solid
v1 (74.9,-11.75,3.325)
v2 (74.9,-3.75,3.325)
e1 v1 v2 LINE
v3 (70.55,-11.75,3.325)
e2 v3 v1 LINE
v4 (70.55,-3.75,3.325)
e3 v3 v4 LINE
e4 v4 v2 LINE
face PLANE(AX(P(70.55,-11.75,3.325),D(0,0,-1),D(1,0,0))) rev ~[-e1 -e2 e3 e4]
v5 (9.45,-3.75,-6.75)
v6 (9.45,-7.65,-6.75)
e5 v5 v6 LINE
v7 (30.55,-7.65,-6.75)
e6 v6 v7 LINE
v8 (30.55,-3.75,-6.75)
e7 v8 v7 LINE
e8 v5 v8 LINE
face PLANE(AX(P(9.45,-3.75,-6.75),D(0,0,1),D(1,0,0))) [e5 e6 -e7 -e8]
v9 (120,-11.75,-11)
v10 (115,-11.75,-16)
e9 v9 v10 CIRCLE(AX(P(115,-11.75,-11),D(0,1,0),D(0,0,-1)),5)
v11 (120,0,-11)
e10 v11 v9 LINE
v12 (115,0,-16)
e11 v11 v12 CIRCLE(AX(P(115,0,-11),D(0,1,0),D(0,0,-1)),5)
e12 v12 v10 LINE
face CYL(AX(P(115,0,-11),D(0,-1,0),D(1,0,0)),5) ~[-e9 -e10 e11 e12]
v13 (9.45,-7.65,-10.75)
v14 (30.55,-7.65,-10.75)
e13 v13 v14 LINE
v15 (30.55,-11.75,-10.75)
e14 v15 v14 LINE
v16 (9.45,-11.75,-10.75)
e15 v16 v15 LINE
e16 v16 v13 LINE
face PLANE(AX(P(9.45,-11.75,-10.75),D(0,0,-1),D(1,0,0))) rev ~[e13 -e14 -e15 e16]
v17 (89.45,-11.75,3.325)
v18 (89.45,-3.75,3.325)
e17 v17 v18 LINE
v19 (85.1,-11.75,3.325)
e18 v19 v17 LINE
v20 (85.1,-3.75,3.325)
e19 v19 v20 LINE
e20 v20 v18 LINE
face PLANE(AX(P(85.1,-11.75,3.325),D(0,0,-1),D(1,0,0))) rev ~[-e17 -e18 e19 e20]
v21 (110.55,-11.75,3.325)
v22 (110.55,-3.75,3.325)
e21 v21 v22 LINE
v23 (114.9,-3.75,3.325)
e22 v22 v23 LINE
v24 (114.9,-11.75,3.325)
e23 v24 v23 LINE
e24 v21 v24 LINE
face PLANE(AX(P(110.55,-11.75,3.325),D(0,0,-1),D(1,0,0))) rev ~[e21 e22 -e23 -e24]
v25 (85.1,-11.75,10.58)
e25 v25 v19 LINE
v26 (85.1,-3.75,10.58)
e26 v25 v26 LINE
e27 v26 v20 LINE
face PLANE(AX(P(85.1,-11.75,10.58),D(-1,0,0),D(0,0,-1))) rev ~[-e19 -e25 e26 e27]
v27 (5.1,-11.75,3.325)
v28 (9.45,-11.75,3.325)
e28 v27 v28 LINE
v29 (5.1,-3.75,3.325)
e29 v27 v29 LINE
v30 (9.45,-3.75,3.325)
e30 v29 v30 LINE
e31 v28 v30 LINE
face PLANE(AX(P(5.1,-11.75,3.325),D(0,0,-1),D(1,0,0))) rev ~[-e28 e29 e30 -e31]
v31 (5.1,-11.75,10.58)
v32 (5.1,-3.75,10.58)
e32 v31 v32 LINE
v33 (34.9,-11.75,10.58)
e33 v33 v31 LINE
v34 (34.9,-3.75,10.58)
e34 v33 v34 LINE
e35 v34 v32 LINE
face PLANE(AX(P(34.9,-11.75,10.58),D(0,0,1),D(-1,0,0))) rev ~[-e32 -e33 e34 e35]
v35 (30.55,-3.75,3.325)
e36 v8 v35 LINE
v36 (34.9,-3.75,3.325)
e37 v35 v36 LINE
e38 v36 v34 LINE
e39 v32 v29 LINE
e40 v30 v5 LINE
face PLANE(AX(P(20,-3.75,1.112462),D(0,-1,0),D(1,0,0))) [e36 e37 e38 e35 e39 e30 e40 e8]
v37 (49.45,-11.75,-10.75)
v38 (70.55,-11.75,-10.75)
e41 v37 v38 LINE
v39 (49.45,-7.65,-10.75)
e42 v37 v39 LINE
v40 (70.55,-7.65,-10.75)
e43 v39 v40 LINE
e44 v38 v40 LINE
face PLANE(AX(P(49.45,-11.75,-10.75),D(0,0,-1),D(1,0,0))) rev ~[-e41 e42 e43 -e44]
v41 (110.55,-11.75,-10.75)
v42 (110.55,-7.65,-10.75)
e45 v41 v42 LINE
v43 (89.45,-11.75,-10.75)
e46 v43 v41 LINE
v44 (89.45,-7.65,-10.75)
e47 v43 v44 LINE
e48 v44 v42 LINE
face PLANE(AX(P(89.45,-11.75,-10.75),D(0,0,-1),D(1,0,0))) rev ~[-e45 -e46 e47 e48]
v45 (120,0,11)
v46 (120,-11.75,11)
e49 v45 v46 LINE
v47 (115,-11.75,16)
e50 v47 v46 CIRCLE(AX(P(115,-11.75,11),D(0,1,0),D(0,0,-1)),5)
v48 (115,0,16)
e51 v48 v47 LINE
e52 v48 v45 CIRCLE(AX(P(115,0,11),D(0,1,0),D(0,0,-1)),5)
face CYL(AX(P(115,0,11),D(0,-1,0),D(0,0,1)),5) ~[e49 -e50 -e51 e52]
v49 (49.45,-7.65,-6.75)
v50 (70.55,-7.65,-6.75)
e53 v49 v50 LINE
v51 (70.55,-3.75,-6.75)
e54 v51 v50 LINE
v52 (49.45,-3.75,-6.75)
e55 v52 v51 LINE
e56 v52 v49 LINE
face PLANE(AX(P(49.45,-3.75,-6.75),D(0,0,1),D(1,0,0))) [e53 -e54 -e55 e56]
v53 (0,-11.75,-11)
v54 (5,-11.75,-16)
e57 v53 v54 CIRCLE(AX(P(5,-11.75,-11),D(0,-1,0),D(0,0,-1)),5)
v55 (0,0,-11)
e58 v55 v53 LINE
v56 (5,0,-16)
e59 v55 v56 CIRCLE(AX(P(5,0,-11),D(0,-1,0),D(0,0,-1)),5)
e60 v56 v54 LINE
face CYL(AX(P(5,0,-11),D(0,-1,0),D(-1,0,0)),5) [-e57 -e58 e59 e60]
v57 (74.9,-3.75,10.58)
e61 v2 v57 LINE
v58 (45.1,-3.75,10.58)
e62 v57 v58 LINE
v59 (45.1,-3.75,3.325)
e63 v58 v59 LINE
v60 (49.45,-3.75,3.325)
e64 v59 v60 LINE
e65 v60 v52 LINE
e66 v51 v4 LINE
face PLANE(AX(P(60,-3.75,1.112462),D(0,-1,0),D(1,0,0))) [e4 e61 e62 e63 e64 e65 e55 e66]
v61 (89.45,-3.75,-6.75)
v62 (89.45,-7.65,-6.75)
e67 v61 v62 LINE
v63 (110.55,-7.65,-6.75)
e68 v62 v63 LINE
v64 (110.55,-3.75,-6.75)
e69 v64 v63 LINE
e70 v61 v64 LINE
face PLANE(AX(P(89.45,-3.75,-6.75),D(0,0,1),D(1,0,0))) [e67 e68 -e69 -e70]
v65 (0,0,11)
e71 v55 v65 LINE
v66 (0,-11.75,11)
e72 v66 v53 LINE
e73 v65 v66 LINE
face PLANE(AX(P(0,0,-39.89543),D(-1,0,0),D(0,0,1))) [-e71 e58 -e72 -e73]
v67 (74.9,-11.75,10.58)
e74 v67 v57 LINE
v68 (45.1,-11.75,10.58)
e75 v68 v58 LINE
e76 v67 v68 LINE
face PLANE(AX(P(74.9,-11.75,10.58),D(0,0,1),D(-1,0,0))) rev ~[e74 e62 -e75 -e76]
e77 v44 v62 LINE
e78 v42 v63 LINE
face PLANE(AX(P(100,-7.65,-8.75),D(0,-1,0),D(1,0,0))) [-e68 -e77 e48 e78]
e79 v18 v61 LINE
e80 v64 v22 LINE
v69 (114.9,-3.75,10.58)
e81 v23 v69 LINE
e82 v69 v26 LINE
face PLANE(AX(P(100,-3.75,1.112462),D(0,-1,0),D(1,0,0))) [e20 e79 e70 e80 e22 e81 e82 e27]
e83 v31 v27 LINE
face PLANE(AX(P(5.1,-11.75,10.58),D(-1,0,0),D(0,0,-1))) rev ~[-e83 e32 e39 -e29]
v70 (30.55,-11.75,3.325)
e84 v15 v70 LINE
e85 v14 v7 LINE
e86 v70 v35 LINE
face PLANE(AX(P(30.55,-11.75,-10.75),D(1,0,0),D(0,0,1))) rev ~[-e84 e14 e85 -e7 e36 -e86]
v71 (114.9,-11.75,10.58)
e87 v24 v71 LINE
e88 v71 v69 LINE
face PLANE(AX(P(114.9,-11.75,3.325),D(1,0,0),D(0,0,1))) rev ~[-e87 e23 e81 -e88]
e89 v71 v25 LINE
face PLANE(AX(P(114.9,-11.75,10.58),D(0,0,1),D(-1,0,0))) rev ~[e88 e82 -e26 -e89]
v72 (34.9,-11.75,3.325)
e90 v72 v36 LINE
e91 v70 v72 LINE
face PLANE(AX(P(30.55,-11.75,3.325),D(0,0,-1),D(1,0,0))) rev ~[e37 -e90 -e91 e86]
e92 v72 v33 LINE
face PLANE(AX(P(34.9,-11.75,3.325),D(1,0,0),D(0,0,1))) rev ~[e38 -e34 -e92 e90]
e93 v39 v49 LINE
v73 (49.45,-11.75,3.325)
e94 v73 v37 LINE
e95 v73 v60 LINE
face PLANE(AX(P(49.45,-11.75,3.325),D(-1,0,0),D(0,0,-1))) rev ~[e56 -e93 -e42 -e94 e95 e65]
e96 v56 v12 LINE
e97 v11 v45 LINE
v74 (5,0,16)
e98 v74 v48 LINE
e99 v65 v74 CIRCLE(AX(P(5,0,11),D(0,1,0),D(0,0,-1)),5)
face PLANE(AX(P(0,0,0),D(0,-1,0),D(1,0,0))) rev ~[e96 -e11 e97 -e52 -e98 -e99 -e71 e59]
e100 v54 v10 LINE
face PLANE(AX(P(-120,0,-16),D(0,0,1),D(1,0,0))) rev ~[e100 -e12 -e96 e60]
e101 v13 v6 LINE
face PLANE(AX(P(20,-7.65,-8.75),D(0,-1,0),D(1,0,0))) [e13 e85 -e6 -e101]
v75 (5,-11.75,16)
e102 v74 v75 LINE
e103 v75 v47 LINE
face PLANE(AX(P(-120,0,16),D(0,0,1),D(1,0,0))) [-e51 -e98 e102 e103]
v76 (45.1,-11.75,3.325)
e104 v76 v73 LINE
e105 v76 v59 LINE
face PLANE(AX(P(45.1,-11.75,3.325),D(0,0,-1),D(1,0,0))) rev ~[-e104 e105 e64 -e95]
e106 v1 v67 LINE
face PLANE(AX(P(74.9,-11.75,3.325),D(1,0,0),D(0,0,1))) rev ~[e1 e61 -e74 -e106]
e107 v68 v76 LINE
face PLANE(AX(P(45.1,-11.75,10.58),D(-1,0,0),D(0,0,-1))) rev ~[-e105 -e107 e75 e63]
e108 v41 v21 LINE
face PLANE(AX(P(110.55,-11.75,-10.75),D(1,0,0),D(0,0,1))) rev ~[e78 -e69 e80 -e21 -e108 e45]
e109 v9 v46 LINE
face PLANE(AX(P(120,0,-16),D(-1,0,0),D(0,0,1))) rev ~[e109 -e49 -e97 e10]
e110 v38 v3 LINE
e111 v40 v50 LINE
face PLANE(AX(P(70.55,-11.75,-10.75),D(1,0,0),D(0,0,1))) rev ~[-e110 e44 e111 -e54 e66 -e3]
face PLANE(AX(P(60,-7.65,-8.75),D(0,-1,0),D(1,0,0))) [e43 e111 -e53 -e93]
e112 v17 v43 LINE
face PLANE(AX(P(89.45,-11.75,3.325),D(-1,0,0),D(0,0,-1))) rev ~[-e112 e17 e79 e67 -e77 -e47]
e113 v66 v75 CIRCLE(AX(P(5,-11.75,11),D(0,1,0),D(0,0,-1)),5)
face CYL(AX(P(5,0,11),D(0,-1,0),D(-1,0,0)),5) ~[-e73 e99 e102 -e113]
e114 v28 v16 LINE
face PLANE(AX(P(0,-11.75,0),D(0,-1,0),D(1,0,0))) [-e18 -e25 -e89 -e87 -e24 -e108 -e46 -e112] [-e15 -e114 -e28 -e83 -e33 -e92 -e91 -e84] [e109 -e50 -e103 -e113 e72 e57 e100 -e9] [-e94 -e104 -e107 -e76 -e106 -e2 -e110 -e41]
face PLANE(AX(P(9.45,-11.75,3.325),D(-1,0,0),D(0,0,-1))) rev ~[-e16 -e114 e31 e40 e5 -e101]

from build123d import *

# Parameters (mm, degrees)
F0_W     = 240
F0_H     = 32
F1_DEPTH = 11.75
F4_DEPTH = 8
F5_W     = 21.1
F5_H     = 4
F6_DEPTH = 3.9
F7_W     = 130
F7_H     = 80
F8_DEPTH = 30
F9_R     = 5


with BuildPart() as f1:
    # F0 (on Front) → F1 (new body)
    with BuildSketch(Plane.XZ):
        Rectangle(F0_W, F0_H)
    extrude(amount=F1_DEPTH)

    # F3 (on face) → F4 (cut)
    with BuildSketch(Plane.XZ.offset(11.75)):
        Polygon((114.9, 10.58), (85.1, 10.58), (85.1, 3.325), (89.45, 3.325), (89.45, -10.75), (110.55, -10.75), (110.55, 3.325), (114.9, 3.325), align=None)
        Polygon((74.9, 10.58), (45.1, 10.58), (45.1, 3.325), (49.45, 3.325), (49.45, -10.75), (70.55, -10.75), (70.55, 3.325), (74.9, 3.325), align=None)
        Polygon((34.9, 10.58), (5.1, 10.58), (5.1, 3.325), (9.45, 3.325), (9.45, -10.75), (30.55, -10.75), (30.55, 3.325), (34.9, 3.325), align=None)
        Polygon((-5.1, 10.58), (-34.9, 10.58), (-34.9, 3.325), (-30.55, 3.325), (-30.55, -10.75), (-9.45, -10.75), (-9.45, 3.325), (-5.1, 3.325), align=None)
        Polygon((-45.1, 10.58), (-74.9, 10.58), (-74.9, 3.325), (-70.55, 3.325), (-70.55, -10.75), (-49.45, -10.75), (-49.45, 3.325), (-45.1, 3.325), align=None)
        Polygon((-85.1, 10.58), (-114.9, 10.58), (-114.9, 3.325), (-110.55, 3.325), (-110.55, -10.75), (-89.45, -10.75), (-89.45, 3.325), (-85.1, 3.325), align=None)
    extrude(amount=-F4_DEPTH, mode=Mode.SUBTRACT)

    # F5 (on face) → F6 (join)
    with BuildSketch(Plane.XZ.offset(3.75)):
        with Locations((100, -8.75)):
            Rectangle(F5_W, F5_H)
        with Locations((60, -8.75)):
            Rectangle(F5_W, F5_H)
        with Locations((20, -8.75)):
            Rectangle(F5_W, F5_H)
        with Locations((-20, -8.75)):
            Rectangle(F5_W, F5_H)
        with Locations((-60, -8.75)):
            Rectangle(F5_W, F5_H)
        with Locations((-100, -8.75)):
            Rectangle(F5_W, F5_H)
    extrude(amount=F6_DEPTH)

    # F7 (on Front) → F8 (cut)
    with BuildSketch(Plane.XZ):
        with Locations((-65, 0.10457)):
            Rectangle(F7_W, F7_H)
    extrude(amount=F8_DEPTH, mode=Mode.SUBTRACT)

    # F9
    f9_edges = [f1.edges().sort_by_distance(p)[0] for p in [
        (120, -5.875, -16),
        (120, -5.875, 16),
        (0, -5.875, -16),
        (0, -5.875, 16),
    ]]
    fillet(f9_edges, radius=F9_R)


solid = f1.part
